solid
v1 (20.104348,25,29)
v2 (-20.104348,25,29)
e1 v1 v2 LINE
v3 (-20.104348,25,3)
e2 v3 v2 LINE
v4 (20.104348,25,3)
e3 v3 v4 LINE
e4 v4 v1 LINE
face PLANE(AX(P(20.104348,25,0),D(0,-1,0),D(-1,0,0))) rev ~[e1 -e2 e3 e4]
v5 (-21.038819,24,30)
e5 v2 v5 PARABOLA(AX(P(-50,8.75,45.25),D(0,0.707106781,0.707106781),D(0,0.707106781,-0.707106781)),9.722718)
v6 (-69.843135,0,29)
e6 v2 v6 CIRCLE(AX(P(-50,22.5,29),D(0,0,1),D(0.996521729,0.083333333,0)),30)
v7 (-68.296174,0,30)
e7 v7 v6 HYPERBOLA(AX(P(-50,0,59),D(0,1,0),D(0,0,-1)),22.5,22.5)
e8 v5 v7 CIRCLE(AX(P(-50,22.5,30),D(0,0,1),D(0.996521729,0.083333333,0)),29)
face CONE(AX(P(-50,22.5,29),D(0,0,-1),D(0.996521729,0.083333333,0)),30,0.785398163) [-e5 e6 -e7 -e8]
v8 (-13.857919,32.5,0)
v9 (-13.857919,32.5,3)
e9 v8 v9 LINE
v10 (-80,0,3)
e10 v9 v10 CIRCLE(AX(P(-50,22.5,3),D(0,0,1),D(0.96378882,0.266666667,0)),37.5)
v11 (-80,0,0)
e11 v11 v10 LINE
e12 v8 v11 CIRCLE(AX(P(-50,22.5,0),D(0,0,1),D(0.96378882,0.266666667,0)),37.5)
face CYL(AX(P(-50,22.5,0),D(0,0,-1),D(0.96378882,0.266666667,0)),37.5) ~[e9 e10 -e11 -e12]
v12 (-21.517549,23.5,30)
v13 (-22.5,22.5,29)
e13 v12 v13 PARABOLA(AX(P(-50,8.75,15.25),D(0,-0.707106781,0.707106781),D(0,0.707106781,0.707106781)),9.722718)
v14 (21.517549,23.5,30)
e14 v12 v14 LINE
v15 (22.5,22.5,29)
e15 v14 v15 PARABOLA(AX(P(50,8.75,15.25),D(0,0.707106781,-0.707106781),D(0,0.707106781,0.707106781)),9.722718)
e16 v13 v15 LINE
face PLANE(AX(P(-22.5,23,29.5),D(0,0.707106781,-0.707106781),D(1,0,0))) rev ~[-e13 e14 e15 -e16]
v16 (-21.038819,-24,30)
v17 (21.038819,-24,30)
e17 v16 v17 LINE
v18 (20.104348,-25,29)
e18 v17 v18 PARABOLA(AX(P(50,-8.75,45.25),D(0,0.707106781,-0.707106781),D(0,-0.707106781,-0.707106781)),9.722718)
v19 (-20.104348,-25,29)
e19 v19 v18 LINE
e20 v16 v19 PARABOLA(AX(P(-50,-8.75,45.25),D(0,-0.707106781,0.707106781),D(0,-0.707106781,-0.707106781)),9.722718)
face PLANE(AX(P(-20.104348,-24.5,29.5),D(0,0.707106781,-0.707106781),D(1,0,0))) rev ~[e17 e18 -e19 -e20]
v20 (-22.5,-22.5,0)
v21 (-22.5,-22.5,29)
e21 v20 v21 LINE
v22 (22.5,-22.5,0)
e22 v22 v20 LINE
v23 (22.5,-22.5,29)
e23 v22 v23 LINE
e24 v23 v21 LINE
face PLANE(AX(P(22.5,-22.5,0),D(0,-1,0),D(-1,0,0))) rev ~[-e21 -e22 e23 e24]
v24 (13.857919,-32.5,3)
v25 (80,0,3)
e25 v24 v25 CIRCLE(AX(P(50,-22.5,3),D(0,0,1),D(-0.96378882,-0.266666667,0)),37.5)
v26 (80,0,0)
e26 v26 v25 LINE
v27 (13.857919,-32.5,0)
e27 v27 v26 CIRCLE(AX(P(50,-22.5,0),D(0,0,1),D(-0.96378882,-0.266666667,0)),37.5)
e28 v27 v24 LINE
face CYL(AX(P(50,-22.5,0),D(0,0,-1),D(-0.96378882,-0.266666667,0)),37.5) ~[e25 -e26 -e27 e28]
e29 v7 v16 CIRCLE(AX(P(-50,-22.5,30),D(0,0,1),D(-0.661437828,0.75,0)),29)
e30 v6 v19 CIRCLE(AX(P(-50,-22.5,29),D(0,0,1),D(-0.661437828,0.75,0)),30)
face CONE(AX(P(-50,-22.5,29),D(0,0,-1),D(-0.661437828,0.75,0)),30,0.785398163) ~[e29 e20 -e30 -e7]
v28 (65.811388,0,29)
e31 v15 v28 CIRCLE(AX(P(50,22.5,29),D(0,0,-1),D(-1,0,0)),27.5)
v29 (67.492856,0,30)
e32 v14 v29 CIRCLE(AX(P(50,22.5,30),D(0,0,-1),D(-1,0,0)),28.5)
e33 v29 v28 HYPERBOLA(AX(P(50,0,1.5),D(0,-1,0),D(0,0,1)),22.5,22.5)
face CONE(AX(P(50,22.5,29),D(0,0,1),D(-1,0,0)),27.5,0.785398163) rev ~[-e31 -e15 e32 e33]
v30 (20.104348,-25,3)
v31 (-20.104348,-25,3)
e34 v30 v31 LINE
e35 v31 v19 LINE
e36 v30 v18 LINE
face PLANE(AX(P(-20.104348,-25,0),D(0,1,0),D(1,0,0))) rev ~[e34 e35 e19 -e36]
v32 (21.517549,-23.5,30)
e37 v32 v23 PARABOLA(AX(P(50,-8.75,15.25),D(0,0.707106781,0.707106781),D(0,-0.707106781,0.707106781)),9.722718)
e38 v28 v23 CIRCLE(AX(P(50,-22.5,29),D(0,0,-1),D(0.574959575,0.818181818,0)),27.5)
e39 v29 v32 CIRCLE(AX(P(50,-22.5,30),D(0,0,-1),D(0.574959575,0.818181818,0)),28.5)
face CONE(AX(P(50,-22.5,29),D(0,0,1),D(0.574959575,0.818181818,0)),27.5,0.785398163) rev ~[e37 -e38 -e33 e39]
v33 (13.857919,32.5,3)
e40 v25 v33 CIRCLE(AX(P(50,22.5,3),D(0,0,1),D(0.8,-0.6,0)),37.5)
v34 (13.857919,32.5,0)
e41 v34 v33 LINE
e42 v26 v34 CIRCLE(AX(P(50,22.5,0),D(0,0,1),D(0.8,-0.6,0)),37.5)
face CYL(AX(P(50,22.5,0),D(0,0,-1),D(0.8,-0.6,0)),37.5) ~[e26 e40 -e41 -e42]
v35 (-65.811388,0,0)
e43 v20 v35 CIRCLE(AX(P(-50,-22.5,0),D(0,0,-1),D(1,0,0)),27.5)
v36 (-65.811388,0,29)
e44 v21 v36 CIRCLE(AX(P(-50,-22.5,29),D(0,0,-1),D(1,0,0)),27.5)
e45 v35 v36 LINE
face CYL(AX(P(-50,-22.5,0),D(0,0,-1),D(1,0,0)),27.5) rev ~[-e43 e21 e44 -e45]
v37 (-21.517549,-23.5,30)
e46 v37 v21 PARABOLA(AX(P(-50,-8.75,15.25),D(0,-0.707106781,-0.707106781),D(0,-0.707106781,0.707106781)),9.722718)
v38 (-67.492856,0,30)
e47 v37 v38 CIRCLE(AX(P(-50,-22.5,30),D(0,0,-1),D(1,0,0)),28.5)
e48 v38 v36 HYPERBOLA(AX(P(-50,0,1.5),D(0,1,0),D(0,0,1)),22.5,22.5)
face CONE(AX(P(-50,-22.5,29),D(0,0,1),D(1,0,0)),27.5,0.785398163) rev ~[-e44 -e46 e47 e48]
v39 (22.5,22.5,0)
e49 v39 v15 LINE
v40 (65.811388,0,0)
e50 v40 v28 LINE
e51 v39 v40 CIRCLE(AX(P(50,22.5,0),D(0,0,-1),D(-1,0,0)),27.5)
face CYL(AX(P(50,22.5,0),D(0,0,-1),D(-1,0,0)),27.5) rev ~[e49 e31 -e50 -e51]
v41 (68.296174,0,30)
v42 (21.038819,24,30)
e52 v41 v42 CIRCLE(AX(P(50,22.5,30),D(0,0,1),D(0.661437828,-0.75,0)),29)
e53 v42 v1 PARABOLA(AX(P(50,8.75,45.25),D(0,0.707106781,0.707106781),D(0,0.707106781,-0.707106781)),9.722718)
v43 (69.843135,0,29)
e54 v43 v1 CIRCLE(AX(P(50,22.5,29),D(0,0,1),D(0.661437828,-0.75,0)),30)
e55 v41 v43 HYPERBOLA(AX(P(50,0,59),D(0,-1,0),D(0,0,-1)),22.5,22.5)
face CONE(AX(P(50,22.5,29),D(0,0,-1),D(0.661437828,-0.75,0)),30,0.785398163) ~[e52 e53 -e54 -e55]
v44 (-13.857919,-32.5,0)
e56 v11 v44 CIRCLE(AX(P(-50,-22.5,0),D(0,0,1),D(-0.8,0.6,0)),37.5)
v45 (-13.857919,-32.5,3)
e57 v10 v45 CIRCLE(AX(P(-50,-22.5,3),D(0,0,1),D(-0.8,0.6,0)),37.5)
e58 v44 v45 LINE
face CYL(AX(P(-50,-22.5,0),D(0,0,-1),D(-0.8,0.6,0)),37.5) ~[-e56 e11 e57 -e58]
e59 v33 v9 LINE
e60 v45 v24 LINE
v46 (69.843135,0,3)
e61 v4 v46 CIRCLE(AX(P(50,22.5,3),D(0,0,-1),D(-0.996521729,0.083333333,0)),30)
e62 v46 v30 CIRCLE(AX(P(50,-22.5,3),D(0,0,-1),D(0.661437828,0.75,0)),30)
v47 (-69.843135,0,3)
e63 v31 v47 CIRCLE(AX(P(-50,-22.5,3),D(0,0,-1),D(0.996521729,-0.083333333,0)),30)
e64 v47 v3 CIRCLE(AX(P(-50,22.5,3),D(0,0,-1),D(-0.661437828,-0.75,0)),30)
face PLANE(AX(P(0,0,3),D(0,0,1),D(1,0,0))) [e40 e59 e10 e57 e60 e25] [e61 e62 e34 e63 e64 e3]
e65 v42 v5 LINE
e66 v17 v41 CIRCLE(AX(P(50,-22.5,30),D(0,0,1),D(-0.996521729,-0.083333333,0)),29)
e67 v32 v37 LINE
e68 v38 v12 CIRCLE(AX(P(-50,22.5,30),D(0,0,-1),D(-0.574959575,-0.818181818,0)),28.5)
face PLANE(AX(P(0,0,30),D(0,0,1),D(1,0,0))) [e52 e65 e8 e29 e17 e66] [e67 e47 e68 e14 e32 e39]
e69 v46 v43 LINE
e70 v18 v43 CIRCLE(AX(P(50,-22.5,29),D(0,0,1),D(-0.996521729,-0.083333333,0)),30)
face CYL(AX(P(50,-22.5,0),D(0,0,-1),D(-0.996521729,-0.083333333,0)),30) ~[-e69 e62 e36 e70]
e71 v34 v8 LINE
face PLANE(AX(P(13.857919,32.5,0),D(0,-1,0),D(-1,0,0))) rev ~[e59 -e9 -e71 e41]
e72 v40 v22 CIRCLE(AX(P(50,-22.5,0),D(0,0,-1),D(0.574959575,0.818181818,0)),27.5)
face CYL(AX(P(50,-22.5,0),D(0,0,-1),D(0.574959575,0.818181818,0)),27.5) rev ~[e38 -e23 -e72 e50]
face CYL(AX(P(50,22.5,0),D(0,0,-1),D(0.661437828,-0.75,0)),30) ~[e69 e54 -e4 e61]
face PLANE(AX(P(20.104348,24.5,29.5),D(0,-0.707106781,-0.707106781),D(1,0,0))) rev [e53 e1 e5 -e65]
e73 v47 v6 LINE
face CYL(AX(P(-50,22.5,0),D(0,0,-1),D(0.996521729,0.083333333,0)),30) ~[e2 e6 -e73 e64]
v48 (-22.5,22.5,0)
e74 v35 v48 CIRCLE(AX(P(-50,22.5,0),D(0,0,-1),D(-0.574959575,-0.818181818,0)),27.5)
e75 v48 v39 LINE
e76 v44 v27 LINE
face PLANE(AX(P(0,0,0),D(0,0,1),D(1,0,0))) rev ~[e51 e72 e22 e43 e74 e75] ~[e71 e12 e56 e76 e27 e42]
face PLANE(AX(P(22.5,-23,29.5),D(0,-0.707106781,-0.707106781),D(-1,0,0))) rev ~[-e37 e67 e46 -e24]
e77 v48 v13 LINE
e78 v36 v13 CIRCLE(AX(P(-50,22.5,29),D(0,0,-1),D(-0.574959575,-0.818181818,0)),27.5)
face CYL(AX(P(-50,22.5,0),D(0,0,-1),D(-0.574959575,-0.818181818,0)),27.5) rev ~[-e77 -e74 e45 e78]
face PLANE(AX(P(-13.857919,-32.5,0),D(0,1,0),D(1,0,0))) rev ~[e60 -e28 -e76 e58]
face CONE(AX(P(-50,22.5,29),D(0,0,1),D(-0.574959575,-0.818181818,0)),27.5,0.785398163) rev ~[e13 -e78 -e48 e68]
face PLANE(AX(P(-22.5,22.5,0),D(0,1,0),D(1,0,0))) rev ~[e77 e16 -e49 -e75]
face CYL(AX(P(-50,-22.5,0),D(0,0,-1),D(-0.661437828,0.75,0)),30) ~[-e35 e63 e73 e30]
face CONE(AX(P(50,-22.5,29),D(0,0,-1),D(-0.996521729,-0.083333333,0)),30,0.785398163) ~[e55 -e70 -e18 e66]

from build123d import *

# Parameters (mm, degrees)
F1_DEPTH = 3
F2_DEPTH = 30
F3_SIZE  = 1


with BuildPart() as f1:
    # F0 (on Top) → F1 (new body)
    with BuildSketch(Plane.XY):
        with BuildLine():
            Line((13.857919263, 32.5), (-13.857919263, 32.5))
            ThreePointArc((-13.857919263, 32.5), (-66.5376476243, 56.1564438266), (-80, 0))
            ThreePointArc((-80, 0), (-66.5376476243, -56.1564438266), (-13.857919263, -32.5))
            Line((-13.857919263, -32.5), (13.857919263, -32.5))
            ThreePointArc((13.857919263, -32.5), (66.5376476243, -56.1564438266), (80, 0))
            ThreePointArc((80, 0), (66.5376476243, 56.1564438266), (13.857919263, 32.5))
        make_face()
        with BuildLine():
            ThreePointArc((-69.843134833, 0), (-63.4726862442, 49.30460269), (-20.1043481422, 25))
            Line((-20.1043481422, 25), (20.1043481422, 25))
            ThreePointArc((20.1043481422, 25), (63.4726862442, 49.30460269), (69.843134833, 0))
            ThreePointArc((69.843134833, 0), (63.4726862442, -49.30460269), (20.1043481422, -25))
            Line((20.1043481422, -25), (-20.1043481422, -25))
            ThreePointArc((-20.1043481422, -25), (-63.4726862442, -49.30460269), (-69.843134833, 0))
        make_face(mode=Mode.SUBTRACT)
    extrude(amount=F1_DEPTH)

    # F0 (on Top) → F2 (join)
    with BuildSketch(Plane.XY):
        with BuildLine():
            Line((20.1043481422, 25), (-20.1043481422, 25))
            ThreePointArc((-20.1043481422, 25), (-63.4726862442, 49.30460269), (-69.843134833, 0))
            ThreePointArc((-69.843134833, 0), (-63.4726862442, -49.30460269), (-20.1043481422, -25))
            Line((-20.1043481422, -25), (20.1043481422, -25))
            ThreePointArc((20.1043481422, -25), (63.4726862442, -49.30460269), (69.843134833, 0))
            ThreePointArc((69.843134833, 0), (63.4726862442, 49.30460269), (20.1043481422, 25))
        make_face()
        with BuildLine():
            ThreePointArc((-22.5, -22.5), (-62.677476518, -46.9035159175), (-65.8113883008, 0))
            ThreePointArc((-65.8113883008, 0), (-62.677476518, 46.9035159175), (-22.5, 22.5))
            Line((-22.5, 22.5), (22.5, 22.5))
            ThreePointArc((22.5, 22.5), (62.677476518, 46.9035159175), (65.8113883008, 0))
            ThreePointArc((65.8113883008, 0), (62.677476518, -46.9035159175), (22.5, -22.5))
            Line((22.5, -22.5), (-22.5, -22.5))
        make_face(mode=Mode.SUBTRACT)
    extrude(amount=F2_DEPTH)

    # F3
    f3_edges = [f1.edges().sort_by_distance(p)[0] for p in [
        (-63.472686, -49.304603, 30),
        (0, -25, 30),
        (63.472686, -49.304603, 30),
        (63.472686, 49.304603, 30),
        (0, 25, 30),
        (-63.472686, 49.304603, 30),
        (-62.677477, 46.903516, 30),
        (-62.677477, -46.903516, 30),
        (0, -22.5, 30),
        (0, 22.5, 30),
        (62.677477, 46.903516, 30),
        (62.677477, -46.903516, 30),
    ]]
    chamfer(f3_edges, length=F3_SIZE)


solid = f1.part
